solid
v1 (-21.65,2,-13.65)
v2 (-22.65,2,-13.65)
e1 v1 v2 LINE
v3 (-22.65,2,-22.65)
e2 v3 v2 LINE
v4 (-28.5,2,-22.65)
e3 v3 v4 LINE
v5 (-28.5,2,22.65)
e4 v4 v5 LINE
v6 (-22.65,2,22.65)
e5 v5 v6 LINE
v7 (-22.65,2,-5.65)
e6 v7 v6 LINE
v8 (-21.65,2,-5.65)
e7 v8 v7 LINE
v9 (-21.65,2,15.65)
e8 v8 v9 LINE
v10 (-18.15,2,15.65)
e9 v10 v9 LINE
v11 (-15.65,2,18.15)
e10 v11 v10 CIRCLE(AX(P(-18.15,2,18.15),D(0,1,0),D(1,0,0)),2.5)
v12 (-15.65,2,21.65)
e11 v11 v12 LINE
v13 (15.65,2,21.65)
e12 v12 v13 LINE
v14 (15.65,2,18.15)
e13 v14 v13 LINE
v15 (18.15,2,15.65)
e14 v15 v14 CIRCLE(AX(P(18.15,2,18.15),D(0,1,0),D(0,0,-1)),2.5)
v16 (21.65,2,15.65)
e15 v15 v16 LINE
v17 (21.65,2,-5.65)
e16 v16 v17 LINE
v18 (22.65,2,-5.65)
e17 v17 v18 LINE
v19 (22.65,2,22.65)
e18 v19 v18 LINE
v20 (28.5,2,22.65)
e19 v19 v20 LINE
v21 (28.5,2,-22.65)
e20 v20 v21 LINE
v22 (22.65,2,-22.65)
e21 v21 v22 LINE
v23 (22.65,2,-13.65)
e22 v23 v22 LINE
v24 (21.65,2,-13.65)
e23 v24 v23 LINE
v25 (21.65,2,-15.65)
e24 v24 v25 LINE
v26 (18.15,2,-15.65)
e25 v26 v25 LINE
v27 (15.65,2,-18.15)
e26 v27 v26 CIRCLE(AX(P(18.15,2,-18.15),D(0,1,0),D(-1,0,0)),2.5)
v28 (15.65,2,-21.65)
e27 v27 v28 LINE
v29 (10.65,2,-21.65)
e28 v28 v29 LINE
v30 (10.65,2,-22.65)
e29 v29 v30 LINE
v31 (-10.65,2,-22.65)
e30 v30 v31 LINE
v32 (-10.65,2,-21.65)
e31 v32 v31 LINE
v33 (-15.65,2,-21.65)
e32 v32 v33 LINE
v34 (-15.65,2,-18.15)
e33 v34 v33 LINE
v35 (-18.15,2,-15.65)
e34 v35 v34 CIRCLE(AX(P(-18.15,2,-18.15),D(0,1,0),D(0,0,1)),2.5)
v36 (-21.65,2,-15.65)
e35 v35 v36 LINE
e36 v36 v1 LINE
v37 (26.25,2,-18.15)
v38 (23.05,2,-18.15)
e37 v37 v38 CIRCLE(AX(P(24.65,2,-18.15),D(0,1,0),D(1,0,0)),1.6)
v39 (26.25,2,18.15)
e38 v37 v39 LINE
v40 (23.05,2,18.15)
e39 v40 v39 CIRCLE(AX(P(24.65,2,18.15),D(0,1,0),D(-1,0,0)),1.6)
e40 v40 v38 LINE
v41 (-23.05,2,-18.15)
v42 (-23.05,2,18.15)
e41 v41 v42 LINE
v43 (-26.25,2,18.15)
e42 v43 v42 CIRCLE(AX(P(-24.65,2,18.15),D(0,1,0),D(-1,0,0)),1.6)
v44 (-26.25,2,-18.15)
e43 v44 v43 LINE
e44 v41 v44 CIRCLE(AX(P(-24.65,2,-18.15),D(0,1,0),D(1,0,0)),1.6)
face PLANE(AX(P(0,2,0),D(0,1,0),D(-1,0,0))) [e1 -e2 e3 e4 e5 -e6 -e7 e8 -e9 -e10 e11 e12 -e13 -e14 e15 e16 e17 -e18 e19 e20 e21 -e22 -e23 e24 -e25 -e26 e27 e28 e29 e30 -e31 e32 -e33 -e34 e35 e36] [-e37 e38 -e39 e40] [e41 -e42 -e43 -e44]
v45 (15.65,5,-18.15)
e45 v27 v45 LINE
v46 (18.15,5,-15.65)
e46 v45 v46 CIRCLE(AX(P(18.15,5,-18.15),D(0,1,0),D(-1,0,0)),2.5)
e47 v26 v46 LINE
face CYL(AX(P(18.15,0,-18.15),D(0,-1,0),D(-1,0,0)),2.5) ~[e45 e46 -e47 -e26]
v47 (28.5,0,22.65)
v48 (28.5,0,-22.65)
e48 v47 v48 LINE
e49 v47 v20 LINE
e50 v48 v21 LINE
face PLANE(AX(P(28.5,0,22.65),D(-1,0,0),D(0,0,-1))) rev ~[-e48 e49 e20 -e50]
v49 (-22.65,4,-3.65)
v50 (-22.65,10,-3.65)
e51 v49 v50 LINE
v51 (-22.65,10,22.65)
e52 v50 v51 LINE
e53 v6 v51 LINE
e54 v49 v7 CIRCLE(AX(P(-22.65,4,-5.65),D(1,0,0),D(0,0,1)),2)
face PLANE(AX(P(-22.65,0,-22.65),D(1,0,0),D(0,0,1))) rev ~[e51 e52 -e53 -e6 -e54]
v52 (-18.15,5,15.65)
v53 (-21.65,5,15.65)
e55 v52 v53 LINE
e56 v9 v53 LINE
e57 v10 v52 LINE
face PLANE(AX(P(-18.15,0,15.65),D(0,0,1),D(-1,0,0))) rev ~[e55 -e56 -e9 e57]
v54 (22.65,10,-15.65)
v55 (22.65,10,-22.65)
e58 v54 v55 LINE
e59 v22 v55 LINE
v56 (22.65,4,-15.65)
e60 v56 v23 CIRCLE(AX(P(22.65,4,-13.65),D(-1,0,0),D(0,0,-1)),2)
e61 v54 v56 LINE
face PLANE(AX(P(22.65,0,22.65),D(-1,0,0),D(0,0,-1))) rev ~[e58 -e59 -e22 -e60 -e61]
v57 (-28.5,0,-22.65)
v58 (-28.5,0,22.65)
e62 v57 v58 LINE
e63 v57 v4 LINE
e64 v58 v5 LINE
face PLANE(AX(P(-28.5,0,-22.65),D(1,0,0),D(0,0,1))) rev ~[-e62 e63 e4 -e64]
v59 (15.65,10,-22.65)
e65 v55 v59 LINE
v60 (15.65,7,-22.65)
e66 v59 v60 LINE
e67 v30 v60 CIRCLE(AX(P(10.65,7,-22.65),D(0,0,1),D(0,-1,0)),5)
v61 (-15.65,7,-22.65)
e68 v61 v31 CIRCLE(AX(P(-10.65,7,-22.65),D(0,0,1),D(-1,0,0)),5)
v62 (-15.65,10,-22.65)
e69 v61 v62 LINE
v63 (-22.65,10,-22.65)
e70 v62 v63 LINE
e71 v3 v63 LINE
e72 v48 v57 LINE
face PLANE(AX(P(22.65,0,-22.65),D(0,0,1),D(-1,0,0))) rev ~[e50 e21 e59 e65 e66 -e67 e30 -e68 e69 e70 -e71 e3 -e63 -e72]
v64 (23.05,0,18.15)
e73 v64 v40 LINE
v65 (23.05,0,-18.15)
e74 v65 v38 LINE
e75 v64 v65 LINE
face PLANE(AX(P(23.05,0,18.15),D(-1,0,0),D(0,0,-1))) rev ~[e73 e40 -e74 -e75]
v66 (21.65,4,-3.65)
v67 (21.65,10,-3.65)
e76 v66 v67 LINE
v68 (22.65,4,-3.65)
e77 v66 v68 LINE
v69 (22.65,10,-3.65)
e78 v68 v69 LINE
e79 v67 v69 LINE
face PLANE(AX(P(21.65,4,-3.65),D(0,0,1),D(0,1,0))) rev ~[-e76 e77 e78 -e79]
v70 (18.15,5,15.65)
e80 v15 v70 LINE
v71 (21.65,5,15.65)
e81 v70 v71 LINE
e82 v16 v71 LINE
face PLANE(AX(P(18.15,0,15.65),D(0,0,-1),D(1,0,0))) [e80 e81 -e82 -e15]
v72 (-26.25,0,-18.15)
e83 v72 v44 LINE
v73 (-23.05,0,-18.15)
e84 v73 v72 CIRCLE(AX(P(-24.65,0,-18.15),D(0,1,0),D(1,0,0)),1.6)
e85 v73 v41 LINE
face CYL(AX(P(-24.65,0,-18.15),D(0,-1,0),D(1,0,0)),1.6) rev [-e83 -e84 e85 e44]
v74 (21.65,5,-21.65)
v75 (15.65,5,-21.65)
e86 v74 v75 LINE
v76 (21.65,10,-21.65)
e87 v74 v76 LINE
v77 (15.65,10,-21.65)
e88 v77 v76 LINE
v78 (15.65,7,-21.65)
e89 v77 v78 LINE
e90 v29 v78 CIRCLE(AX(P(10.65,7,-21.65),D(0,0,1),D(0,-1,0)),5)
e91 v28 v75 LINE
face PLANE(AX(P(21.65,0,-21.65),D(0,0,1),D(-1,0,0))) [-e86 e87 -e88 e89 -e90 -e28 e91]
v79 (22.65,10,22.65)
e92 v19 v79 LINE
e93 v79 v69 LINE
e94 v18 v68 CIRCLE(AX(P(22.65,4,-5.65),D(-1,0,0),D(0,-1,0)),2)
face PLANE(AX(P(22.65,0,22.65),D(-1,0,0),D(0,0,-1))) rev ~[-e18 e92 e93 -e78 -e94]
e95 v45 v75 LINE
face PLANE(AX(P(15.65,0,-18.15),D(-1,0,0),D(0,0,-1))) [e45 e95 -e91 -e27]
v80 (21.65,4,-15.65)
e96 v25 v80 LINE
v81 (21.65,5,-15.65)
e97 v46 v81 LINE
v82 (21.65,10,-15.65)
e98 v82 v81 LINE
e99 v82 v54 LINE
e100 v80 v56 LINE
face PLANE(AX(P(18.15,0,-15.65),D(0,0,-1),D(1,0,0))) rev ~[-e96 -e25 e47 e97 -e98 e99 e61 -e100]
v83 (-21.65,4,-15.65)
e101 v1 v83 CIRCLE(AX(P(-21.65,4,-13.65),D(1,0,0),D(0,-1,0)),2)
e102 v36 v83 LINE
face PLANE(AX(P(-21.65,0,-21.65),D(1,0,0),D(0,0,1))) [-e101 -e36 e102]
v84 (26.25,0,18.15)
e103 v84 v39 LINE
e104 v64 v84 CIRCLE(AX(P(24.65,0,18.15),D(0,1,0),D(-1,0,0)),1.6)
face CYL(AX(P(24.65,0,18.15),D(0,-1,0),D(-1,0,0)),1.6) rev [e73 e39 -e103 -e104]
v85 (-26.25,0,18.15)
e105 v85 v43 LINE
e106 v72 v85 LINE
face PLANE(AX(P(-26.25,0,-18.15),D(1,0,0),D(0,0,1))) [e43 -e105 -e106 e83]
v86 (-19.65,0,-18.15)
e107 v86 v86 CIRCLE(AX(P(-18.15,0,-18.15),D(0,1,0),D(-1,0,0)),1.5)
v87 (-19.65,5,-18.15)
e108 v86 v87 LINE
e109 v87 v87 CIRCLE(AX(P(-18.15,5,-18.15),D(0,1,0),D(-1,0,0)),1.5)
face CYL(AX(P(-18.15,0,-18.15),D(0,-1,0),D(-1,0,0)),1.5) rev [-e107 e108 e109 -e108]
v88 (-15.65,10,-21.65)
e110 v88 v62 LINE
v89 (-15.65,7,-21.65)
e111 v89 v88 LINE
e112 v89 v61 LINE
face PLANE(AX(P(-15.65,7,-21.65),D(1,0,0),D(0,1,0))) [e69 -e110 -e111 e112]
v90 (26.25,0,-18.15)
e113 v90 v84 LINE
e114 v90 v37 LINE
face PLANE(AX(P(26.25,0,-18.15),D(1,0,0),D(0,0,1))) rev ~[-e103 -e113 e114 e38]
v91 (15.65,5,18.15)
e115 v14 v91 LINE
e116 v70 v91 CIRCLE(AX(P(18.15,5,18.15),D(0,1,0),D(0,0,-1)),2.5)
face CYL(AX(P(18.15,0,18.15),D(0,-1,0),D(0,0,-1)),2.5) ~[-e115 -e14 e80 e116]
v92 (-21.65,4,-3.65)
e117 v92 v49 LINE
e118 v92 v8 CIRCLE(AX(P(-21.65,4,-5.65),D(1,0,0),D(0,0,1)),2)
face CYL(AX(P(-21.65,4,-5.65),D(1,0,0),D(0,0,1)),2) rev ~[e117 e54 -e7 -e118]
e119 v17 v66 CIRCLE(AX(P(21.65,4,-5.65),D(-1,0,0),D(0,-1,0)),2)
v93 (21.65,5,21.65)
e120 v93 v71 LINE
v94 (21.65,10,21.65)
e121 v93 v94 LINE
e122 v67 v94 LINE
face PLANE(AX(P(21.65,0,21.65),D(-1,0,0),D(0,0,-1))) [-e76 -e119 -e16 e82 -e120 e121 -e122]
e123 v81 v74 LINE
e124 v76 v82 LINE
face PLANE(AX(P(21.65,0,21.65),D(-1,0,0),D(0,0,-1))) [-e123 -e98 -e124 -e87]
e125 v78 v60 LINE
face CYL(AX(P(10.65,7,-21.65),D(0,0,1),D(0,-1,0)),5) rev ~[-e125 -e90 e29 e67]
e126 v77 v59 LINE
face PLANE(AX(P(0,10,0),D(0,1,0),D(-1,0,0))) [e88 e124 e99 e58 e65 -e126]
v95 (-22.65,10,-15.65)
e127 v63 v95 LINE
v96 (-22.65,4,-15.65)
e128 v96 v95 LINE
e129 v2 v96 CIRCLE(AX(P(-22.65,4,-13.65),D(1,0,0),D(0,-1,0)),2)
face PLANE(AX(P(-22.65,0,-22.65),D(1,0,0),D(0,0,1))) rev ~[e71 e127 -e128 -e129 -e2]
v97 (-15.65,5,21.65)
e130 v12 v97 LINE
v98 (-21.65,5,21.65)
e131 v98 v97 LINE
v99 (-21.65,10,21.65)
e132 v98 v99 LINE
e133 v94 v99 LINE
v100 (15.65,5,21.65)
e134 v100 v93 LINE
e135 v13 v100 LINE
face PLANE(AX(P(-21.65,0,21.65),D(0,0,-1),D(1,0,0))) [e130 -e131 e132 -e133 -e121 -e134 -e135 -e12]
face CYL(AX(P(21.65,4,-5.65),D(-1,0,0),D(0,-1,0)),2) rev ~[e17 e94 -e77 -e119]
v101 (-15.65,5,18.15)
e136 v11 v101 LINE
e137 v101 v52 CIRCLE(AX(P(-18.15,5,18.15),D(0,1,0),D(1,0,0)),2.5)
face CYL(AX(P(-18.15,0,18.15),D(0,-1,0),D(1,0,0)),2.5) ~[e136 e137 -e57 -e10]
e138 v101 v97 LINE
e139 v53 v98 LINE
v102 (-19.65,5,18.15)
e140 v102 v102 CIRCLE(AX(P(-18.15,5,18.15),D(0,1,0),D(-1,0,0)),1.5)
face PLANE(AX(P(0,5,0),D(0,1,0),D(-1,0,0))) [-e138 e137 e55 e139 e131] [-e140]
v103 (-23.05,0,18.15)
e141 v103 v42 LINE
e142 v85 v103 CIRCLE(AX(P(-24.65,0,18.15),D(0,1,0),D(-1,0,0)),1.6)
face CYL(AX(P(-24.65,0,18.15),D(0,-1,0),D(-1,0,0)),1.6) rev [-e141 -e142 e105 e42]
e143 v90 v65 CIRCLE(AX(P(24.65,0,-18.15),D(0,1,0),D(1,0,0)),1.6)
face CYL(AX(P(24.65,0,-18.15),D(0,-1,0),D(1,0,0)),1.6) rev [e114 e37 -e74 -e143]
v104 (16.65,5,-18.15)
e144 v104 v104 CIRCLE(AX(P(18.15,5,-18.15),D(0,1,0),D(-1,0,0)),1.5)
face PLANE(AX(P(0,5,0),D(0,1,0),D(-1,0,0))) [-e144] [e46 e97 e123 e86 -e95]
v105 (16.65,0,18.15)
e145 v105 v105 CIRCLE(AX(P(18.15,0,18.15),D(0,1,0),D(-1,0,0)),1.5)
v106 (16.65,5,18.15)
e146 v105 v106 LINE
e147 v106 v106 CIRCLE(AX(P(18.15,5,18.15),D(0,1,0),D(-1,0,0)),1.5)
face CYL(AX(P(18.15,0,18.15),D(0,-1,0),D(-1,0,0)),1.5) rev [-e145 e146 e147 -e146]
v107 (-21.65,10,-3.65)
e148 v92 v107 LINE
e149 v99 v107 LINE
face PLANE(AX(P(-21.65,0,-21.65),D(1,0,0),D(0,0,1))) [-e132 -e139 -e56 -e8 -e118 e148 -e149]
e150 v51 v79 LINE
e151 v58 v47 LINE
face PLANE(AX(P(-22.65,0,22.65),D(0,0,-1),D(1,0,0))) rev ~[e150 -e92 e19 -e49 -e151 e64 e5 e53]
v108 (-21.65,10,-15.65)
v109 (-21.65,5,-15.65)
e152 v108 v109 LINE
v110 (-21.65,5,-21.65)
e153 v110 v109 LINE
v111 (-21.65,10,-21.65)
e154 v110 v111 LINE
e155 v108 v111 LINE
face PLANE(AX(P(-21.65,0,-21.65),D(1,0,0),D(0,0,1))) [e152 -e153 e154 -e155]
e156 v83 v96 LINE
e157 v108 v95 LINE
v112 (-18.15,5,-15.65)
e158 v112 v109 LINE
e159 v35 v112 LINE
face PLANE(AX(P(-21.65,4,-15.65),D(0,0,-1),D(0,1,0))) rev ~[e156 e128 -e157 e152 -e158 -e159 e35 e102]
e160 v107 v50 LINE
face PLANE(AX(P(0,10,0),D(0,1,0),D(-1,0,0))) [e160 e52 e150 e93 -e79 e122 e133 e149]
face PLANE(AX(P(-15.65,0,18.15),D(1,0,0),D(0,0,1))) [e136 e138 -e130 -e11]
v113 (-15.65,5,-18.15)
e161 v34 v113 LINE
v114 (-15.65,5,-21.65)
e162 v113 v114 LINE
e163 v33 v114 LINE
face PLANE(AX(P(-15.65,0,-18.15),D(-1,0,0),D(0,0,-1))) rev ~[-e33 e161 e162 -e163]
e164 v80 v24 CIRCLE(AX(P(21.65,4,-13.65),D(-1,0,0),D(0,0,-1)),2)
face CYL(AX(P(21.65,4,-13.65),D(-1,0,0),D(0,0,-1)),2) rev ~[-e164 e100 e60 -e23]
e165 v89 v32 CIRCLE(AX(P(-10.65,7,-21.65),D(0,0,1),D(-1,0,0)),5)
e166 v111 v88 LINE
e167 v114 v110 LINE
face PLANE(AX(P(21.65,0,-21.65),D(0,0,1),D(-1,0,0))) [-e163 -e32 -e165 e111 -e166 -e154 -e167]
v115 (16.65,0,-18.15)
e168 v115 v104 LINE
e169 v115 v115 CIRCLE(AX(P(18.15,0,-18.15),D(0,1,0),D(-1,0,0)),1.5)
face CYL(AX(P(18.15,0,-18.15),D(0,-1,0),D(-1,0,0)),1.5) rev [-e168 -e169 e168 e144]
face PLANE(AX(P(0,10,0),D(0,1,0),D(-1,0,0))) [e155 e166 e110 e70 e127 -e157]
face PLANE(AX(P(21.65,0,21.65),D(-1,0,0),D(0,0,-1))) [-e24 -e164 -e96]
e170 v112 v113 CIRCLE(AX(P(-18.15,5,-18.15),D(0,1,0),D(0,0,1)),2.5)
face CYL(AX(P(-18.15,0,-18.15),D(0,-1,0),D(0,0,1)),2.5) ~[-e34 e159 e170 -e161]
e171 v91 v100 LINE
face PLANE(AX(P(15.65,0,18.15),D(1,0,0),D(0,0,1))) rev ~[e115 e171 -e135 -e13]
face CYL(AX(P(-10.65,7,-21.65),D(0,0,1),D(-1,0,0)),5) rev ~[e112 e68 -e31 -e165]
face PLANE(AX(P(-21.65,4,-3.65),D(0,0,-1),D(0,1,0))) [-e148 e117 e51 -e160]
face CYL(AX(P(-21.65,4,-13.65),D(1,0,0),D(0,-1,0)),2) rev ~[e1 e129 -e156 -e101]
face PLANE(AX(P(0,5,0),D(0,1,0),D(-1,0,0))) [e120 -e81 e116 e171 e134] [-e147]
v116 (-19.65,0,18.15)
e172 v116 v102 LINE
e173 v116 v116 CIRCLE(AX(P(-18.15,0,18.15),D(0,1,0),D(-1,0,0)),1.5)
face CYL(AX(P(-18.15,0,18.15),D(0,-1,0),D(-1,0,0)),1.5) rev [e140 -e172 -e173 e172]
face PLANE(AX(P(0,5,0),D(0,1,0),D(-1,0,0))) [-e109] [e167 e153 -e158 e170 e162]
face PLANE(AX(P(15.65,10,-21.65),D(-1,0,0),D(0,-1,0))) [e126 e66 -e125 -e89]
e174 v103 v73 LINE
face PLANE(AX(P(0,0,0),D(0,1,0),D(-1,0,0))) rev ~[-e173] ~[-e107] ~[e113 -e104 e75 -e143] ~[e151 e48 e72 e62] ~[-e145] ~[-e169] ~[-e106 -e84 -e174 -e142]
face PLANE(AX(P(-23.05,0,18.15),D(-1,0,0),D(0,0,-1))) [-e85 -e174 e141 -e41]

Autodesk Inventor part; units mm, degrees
ref_plane "YZ Plane" through (0, 0, 0) normal (1, 0, 0) x (0, 1, 0)
ref_plane "XZ Plane" through (0, 0, 0) normal (0, 1, 0) x (-1, 0, 0)
ref_plane "XY Plane" through (0, 0, 0) normal (0, 0, 1) x (1, 0, 0)
sketch "Sketch1" plane through (0, 0, 0) normal (0, 1, 0) x (-1, 0, 0)
  line L0 (21.65, 21.65) -> (-21.65, 21.65)
  line L1 (-21.65, 21.65) -> (-21.65, -21.65)
  line L2 (-21.65, -21.65) -> (21.65, -21.65)
  line L3 (21.65, -21.65) -> (21.65, 21.65)
  line L4 (21.65, 21.65) -> (-21.65, -21.65) construction
  line L5 (-21.65, 21.65) -> (21.65, -21.65) construction
  line L6 (22.65, 22.65) -> (-22.65, 22.65)
  line L7 (-22.65, 22.65) -> (-22.65, -22.65)
  line L8 (-22.65, -22.65) -> (22.65, -22.65)
  line L9 (22.65, -22.65) -> (22.65, 22.65)
  line L10 (22.65, 22.65) -> (-22.65, -22.65) construction
  line L11 (-22.65, 22.65) -> (22.65, -22.65) construction
  arc A0 (15.65, 18.15) -> (18.15, 15.65) centre (18.15, 18.15) ccw
  circle A1 centre (18.15, 18.15) radius 1.5
  line L12 (25, 0) -> (-31, 0) construction
  line L13 (0, 28) -> (0, -33) construction
  line L14 (15.65, 18.15) -> (15.65, 21.65)
  line L15 (18.15, 15.65) -> (21.65, 15.65)
  arc A2 (18.15, -15.65) -> (15.65, -18.15) centre (18.15, -18.15) ccw
  circle A3 centre (18.15, -18.15) radius 1.5
  line L16 (15.65, -18.15) -> (15.65, -21.65)
  line L17 (18.15, -15.65) -> (21.65, -15.65)
  arc A4 (-18.15, 15.65) -> (-15.65, 18.15) centre (-18.15, 18.15) ccw
  circle A5 centre (-18.15, 18.15) radius 1.5
  line L18 (-15.65, 18.15) -> (-15.65, 21.65)
  line L19 (-18.15, 15.65) -> (-21.65, 15.65)
  circle A6 centre (-18.15, -18.15) radius 1.5
  line L20 (-18.15, -15.65) -> (-21.65, -15.65)
  line L21 (-15.65, -18.15) -> (-15.65, -21.65)
  arc A7 (-15.65, -18.15) -> (-18.15, -15.65) centre (-18.15, -18.15) ccw
  line L22 (28.5, 22.65) -> (-28.5, 22.65)
  line L23 (-28.5, 22.65) -> (-28.5, -22.65)
  line L24 (-28.5, -22.65) -> (28.5, -22.65)
  line L25 (28.5, -22.65) -> (28.5, 22.65)
  line L26 (28.5, 22.65) -> (-28.5, -22.65) construction
  line L27 (-28.5, 22.65) -> (28.5, -22.65) construction
  line L28 (24.65, 18.15) -> (24.65, -18.15) construction
  line L29 (23.05, 18.15) -> (23.05, -18.15)
  line L30 (26.25, -18.15) -> (26.25, 18.15)
  arc A8 (26.25, 18.15) -> (23.05, 18.15) centre (24.65, 18.15) ccw
  arc A9 (23.05, -18.15) -> (26.25, -18.15) centre (24.65, -18.15) ccw
  line L31 (-24.65, 18.15) -> (-24.65, -18.15) construction
  line L32 (-23.05, 18.15) -> (-23.05, -18.15)
  line L33 (-26.25, -18.15) -> (-26.25, 18.15)
  arc A10 (-23.05, 18.15) -> (-26.25, 18.15) centre (-24.65, 18.15) ccw
  arc A11 (-26.25, -18.15) -> (-23.05, -18.15) centre (-24.65, -18.15) ccw
  point P0 (0, 0)
  point P1 (24.65, 0)
  point P2 (-25, 0)
  point P3 (-24.65, 0)
  point P4 (22.65, 22.65)
  point P5 (22.65, -22.65)
  point P6 (-22.65, -22.65)
  dimension "d0" = 43.3
  dimension "d1" = 43.3
  dimension "d2" = 45.3
  dimension "d3" = 45.3
  dimension "d4" = 5
  dimension "d5" = 3.5
  dimension "d6" = 3.5
  dimension "d7" = 3
  dimension "d14" = 3
  dimension "d15" = 57
  dimension "d16" = 3.2
  dimension "d17" = 2
  dimension "d20" = 45.3
extrude "Extrusion1" add sketch "Sketch1" along normal blind 10 contours L9 L8 L7 L6
extrude "Extrusion2" add sketch "Sketch1" along normal blind 2 contours L14 A0 L15 L3 L17 A2 L16 L2 L21 A7 L20 L1 L19 A4 L18 L0
extrude "Extrusion3" add sketch "Sketch1" along normal blind 5 contours L3 L15 A0 L14 L0 | L18 A4 L19 L1 L0 | L3 L2 L16 A2 L17 | L20 A7 L21 L2 L1
extrude "Extrusion4" add sketch "Sketch1" along normal blind 2 contours L22 L25 L24 L9 | L7 L24 L23 L22
sketch "Sketch2" plane through (-21.65, 10, -21.65) normal (0, 0, 1) x (1, 0, 0)
  line L0 (37.3, -8) -> (37.3, -5) projected
  line L1 (0, 0) -> (43.3, 0) projected
  line L2 (32.3, -8) -> (11, -8)
  line L3 (6, -3) -> (6, 0)
  line L4 (6, 0) -> (37.3, 0)
  line L5 (37.3, 0) -> (37.3, -3)
  arc A0 (6, -3) -> (11, -8) centre (11, -3) ccw
  arc A1 (32.3, -8) -> (37.3, -3) centre (32.3, -3) ccw
  point P0 (21.65, -10)
  point P1 (6, -8)
  point P2 (37.3, -5)
  dimension "d23" = 5
extrude "Extrusion5" cut sketch "Sketch2" against normal blind 2
sketch "Sketch3" plane through (21.65, 10, -21.65) normal (-1, 0, 0) x (0, 0, 1)
  line L0 (6, -8) -> (37.3, -8) projected
  line L1 (8, -8) -> (16, -8)
  line L2 (18, -6) -> (18, 0)
  line L3 (18, 0) -> (6, 0)
  line L4 (6, 0) -> (6, -6)
  arc A0 (6, -6) -> (8, -8) centre (8, -6) ccw
  arc A1 (16, -8) -> (18, -6) centre (16, -6) ccw
  point P0 (21.65, -10)
  dimension "d24" = 2
extrude "Extrusion6" cut sketch "Sketch3" against normal blind 2
sketch "Sketch4" plane through (-21.65, 10, 21.65) normal (1, 0, 0) x (0, 0, -1)
  line L0 (37.3, -8) -> (37.3, -5) projected
  line L1 (44.3, 0) -> (-1, 0) projected
  line L2 (35.3, -8) -> (27.3, -8)
  line L3 (25.3, -6) -> (25.3, 0)
  line L4 (25.3, 0) -> (37.3, 0)
  line L5 (37.3, 0) -> (37.3, -6)
  arc A0 (25.3, -6) -> (27.3, -8) centre (27.3, -6) ccw
  arc A1 (35.3, -8) -> (37.3, -6) centre (35.3, -6) ccw
  point P0 (21.65, -10)
  dimension "d27" = 12
  dimension "d28" = 2
extrude "Extrusion7" cut sketch "Sketch4" against normal blind 2
properties part number "Mounting L298N_3DPrint"
